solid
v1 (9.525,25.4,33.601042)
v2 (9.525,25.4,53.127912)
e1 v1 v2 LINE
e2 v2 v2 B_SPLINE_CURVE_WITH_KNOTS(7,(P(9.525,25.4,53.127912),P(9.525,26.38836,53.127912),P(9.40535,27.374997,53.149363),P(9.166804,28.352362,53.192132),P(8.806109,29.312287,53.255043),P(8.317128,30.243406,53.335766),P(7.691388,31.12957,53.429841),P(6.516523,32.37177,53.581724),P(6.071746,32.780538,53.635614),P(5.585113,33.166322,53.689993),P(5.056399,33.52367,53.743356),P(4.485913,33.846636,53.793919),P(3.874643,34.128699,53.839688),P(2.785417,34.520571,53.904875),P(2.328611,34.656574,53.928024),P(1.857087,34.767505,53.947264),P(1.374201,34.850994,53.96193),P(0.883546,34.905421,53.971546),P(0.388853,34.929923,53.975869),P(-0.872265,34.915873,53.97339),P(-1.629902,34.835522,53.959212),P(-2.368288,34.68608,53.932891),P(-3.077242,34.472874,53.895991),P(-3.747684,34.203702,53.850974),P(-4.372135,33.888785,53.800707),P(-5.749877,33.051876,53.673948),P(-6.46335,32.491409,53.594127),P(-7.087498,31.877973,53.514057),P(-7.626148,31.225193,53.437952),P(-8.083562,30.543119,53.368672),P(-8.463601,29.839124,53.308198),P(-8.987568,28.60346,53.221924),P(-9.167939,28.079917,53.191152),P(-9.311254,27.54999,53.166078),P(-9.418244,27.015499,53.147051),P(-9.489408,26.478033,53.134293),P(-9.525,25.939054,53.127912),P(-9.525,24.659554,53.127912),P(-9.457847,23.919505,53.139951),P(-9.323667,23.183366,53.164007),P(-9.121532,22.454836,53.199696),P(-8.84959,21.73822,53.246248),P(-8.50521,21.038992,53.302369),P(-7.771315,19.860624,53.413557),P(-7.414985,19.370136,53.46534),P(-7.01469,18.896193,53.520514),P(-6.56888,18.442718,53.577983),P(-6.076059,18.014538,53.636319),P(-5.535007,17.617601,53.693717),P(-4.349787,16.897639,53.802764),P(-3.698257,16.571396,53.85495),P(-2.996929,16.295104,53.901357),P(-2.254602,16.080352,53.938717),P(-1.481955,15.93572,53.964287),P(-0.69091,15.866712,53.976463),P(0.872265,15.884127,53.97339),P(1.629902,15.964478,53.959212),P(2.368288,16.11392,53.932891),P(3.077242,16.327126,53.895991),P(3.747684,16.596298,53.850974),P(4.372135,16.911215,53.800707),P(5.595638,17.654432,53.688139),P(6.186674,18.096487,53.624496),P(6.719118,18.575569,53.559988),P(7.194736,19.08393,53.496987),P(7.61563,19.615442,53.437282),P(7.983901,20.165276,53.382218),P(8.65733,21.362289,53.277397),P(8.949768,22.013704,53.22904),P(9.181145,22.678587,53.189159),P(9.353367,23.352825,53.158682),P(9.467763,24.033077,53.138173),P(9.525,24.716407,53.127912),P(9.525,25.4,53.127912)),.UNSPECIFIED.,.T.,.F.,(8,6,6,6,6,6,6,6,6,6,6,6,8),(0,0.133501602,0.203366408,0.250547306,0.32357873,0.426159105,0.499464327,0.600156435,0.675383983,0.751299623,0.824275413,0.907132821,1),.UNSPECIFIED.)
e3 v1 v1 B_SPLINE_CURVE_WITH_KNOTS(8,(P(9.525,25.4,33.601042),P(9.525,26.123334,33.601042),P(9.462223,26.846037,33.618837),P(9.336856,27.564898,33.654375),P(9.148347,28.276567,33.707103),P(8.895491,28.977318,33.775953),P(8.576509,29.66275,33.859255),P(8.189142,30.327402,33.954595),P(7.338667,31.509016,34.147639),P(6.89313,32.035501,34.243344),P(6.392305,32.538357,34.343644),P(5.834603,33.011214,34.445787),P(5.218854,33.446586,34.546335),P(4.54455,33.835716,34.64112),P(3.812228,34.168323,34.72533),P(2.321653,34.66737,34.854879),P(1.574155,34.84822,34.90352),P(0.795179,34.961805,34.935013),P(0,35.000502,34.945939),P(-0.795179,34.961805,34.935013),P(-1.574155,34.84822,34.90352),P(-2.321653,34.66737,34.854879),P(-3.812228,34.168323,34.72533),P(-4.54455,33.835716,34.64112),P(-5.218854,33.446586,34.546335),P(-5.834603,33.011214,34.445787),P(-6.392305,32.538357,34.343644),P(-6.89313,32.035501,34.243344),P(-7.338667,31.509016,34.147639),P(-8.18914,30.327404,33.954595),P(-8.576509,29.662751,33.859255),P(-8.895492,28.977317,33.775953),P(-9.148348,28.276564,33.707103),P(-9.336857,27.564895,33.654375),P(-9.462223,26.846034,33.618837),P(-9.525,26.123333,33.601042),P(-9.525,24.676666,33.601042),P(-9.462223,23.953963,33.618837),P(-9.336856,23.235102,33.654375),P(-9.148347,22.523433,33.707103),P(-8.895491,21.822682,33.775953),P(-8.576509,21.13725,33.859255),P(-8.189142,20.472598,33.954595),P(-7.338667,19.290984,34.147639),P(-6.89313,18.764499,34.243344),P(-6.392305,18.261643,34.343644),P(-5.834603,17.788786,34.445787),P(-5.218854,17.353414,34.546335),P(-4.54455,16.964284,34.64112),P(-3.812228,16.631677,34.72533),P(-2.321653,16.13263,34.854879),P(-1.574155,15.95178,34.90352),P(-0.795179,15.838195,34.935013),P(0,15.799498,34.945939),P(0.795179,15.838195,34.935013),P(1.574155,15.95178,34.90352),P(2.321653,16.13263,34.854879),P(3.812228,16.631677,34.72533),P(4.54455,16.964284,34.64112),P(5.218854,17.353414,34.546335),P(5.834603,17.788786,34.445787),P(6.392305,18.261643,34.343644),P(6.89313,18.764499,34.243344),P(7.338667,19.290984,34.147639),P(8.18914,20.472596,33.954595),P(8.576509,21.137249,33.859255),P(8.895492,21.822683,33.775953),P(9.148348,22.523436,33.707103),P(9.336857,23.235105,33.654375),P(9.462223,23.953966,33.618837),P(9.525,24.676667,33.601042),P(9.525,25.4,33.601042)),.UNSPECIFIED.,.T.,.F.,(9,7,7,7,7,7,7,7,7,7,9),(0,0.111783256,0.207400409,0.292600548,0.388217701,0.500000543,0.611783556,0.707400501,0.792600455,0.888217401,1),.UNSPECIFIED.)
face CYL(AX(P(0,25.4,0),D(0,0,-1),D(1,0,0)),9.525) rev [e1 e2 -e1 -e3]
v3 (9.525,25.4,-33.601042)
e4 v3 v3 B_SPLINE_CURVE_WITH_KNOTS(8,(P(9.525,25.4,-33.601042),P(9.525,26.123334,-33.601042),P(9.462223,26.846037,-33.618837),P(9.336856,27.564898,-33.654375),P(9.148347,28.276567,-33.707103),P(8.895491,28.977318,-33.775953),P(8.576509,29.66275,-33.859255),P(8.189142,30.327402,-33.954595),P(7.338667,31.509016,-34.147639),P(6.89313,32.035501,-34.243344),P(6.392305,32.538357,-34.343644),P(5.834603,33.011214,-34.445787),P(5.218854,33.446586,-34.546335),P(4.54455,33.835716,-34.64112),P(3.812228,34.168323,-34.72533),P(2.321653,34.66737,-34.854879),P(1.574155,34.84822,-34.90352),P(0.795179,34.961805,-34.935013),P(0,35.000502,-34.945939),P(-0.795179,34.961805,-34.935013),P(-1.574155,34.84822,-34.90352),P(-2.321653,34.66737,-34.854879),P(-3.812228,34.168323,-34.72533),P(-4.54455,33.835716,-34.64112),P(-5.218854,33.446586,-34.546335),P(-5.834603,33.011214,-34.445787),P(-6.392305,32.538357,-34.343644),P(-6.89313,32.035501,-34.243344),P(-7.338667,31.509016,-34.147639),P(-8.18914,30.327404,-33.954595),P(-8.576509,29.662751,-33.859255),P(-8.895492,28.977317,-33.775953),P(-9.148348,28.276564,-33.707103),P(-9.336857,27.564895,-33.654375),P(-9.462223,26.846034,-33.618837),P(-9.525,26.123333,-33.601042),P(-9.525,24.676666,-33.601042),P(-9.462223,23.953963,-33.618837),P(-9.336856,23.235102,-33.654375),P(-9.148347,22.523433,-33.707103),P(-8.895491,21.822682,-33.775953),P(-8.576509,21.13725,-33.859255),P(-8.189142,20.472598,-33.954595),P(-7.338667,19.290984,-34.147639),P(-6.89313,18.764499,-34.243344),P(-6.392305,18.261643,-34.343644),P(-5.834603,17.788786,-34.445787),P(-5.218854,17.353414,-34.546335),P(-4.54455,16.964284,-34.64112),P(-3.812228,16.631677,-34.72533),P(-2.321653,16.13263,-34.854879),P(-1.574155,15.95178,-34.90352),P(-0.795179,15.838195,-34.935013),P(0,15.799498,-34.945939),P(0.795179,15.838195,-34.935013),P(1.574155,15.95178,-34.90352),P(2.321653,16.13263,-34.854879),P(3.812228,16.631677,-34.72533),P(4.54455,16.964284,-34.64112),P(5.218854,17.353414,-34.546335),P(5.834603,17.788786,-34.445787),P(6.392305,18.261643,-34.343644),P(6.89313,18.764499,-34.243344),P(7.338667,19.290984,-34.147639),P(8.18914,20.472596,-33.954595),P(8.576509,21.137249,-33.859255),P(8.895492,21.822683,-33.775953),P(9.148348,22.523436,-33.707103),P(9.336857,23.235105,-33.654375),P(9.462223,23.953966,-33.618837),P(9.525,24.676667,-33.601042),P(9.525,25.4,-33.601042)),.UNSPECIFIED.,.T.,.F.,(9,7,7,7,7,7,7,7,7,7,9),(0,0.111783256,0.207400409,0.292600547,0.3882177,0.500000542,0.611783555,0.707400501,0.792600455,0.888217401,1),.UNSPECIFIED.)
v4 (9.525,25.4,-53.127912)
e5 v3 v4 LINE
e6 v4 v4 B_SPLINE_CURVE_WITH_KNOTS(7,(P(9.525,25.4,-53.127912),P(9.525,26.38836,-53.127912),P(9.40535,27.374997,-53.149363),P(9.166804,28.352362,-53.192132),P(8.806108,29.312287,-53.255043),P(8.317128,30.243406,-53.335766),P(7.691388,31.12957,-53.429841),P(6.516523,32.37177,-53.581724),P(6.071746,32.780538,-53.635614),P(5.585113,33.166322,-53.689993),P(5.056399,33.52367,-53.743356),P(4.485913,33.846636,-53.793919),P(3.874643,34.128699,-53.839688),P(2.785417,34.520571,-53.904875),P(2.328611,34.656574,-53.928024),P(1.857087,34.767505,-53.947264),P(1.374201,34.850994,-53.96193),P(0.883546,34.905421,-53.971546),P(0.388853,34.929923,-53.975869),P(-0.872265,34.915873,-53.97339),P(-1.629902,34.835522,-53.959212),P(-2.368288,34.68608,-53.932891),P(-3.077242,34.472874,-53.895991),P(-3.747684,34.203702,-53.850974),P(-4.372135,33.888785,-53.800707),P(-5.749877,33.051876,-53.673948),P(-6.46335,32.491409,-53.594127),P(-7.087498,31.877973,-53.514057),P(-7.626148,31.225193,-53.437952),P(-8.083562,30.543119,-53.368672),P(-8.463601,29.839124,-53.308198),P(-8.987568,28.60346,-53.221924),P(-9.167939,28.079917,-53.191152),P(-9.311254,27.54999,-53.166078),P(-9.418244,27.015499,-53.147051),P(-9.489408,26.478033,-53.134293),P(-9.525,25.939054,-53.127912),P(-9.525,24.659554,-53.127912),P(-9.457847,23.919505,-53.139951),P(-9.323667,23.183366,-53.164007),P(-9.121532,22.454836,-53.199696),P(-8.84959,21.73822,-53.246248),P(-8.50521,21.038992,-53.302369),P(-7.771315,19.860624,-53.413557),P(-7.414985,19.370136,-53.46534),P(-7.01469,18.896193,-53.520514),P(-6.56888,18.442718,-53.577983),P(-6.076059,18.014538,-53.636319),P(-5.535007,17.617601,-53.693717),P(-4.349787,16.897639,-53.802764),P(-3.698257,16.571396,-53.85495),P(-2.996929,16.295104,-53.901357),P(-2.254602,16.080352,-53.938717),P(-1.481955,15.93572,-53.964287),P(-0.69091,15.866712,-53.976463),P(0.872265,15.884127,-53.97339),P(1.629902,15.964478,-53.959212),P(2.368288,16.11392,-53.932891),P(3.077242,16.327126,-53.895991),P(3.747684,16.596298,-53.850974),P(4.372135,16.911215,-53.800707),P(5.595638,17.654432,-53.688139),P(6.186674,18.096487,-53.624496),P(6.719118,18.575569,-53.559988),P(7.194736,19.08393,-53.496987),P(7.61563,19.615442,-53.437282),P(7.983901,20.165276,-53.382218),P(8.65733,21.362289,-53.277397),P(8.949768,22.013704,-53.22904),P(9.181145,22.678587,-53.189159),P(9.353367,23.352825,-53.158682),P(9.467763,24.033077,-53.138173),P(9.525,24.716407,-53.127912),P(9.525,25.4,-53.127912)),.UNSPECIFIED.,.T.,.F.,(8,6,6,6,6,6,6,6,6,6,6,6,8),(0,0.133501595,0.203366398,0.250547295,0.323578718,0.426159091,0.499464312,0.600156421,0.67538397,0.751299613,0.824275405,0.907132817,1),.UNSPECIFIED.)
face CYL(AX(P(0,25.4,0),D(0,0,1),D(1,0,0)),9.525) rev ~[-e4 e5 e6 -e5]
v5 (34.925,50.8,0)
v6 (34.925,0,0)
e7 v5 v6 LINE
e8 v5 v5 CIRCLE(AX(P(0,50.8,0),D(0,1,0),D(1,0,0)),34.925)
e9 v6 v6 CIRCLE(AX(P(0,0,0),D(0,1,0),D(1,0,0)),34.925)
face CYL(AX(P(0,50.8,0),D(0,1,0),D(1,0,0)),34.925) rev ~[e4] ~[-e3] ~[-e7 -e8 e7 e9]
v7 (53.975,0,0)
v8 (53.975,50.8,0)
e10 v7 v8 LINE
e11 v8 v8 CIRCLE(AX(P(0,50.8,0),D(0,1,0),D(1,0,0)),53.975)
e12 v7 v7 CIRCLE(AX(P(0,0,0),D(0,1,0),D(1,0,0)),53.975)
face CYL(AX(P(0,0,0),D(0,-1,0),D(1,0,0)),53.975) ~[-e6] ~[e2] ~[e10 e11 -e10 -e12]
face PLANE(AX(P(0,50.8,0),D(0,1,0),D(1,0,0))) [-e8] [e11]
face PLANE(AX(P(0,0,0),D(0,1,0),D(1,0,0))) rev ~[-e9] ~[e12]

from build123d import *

# Parameters (mm, degrees)
SKETCH1_R               = 53.975
BOSS_EXTRUDE1_DEPTH     = 50.8
SKETCH2_R               = 34.925
CUT_EXTRUDE1_DEPTH      = 51.8
SKETCH4_R               = 9.525
CUT_EXTRUDE3_DEPTH      = 54.975
CUT_EXTRUDE3_DEPTH_BACK = 54.975


with BuildPart() as part:
    # Sketch1 → Boss-Extrude1 (new body)
    with BuildSketch(Plane(origin=(0, 0, 0), x_dir=(1, 0, 0), z_dir=(0, 1, 0))):
        Circle(SKETCH1_R)
    extrude(amount=BOSS_EXTRUDE1_DEPTH)

    # Sketch2 → Cut-Extrude1 (cut, through all)
    with BuildSketch(Plane(origin=(0, 50.8, 0), x_dir=(1, 0, 0), z_dir=(0, 1, 0))):
        Circle(SKETCH2_R)
    extrude(amount=-CUT_EXTRUDE1_DEPTH, mode=Mode.SUBTRACT)

    # Sketch4 → Cut-Extrude3 (cut, two sides)
    with BuildSketch(Plane.XY) as cut_extrude3_sk:
        with Locations((0, 25.4)):
            Circle(SKETCH4_R)
    extrude(amount=CUT_EXTRUDE3_DEPTH, mode=Mode.SUBTRACT)
    extrude(cut_extrude3_sk.sketch, amount=-CUT_EXTRUDE3_DEPTH_BACK, mode=Mode.SUBTRACT)


solid = part.part
